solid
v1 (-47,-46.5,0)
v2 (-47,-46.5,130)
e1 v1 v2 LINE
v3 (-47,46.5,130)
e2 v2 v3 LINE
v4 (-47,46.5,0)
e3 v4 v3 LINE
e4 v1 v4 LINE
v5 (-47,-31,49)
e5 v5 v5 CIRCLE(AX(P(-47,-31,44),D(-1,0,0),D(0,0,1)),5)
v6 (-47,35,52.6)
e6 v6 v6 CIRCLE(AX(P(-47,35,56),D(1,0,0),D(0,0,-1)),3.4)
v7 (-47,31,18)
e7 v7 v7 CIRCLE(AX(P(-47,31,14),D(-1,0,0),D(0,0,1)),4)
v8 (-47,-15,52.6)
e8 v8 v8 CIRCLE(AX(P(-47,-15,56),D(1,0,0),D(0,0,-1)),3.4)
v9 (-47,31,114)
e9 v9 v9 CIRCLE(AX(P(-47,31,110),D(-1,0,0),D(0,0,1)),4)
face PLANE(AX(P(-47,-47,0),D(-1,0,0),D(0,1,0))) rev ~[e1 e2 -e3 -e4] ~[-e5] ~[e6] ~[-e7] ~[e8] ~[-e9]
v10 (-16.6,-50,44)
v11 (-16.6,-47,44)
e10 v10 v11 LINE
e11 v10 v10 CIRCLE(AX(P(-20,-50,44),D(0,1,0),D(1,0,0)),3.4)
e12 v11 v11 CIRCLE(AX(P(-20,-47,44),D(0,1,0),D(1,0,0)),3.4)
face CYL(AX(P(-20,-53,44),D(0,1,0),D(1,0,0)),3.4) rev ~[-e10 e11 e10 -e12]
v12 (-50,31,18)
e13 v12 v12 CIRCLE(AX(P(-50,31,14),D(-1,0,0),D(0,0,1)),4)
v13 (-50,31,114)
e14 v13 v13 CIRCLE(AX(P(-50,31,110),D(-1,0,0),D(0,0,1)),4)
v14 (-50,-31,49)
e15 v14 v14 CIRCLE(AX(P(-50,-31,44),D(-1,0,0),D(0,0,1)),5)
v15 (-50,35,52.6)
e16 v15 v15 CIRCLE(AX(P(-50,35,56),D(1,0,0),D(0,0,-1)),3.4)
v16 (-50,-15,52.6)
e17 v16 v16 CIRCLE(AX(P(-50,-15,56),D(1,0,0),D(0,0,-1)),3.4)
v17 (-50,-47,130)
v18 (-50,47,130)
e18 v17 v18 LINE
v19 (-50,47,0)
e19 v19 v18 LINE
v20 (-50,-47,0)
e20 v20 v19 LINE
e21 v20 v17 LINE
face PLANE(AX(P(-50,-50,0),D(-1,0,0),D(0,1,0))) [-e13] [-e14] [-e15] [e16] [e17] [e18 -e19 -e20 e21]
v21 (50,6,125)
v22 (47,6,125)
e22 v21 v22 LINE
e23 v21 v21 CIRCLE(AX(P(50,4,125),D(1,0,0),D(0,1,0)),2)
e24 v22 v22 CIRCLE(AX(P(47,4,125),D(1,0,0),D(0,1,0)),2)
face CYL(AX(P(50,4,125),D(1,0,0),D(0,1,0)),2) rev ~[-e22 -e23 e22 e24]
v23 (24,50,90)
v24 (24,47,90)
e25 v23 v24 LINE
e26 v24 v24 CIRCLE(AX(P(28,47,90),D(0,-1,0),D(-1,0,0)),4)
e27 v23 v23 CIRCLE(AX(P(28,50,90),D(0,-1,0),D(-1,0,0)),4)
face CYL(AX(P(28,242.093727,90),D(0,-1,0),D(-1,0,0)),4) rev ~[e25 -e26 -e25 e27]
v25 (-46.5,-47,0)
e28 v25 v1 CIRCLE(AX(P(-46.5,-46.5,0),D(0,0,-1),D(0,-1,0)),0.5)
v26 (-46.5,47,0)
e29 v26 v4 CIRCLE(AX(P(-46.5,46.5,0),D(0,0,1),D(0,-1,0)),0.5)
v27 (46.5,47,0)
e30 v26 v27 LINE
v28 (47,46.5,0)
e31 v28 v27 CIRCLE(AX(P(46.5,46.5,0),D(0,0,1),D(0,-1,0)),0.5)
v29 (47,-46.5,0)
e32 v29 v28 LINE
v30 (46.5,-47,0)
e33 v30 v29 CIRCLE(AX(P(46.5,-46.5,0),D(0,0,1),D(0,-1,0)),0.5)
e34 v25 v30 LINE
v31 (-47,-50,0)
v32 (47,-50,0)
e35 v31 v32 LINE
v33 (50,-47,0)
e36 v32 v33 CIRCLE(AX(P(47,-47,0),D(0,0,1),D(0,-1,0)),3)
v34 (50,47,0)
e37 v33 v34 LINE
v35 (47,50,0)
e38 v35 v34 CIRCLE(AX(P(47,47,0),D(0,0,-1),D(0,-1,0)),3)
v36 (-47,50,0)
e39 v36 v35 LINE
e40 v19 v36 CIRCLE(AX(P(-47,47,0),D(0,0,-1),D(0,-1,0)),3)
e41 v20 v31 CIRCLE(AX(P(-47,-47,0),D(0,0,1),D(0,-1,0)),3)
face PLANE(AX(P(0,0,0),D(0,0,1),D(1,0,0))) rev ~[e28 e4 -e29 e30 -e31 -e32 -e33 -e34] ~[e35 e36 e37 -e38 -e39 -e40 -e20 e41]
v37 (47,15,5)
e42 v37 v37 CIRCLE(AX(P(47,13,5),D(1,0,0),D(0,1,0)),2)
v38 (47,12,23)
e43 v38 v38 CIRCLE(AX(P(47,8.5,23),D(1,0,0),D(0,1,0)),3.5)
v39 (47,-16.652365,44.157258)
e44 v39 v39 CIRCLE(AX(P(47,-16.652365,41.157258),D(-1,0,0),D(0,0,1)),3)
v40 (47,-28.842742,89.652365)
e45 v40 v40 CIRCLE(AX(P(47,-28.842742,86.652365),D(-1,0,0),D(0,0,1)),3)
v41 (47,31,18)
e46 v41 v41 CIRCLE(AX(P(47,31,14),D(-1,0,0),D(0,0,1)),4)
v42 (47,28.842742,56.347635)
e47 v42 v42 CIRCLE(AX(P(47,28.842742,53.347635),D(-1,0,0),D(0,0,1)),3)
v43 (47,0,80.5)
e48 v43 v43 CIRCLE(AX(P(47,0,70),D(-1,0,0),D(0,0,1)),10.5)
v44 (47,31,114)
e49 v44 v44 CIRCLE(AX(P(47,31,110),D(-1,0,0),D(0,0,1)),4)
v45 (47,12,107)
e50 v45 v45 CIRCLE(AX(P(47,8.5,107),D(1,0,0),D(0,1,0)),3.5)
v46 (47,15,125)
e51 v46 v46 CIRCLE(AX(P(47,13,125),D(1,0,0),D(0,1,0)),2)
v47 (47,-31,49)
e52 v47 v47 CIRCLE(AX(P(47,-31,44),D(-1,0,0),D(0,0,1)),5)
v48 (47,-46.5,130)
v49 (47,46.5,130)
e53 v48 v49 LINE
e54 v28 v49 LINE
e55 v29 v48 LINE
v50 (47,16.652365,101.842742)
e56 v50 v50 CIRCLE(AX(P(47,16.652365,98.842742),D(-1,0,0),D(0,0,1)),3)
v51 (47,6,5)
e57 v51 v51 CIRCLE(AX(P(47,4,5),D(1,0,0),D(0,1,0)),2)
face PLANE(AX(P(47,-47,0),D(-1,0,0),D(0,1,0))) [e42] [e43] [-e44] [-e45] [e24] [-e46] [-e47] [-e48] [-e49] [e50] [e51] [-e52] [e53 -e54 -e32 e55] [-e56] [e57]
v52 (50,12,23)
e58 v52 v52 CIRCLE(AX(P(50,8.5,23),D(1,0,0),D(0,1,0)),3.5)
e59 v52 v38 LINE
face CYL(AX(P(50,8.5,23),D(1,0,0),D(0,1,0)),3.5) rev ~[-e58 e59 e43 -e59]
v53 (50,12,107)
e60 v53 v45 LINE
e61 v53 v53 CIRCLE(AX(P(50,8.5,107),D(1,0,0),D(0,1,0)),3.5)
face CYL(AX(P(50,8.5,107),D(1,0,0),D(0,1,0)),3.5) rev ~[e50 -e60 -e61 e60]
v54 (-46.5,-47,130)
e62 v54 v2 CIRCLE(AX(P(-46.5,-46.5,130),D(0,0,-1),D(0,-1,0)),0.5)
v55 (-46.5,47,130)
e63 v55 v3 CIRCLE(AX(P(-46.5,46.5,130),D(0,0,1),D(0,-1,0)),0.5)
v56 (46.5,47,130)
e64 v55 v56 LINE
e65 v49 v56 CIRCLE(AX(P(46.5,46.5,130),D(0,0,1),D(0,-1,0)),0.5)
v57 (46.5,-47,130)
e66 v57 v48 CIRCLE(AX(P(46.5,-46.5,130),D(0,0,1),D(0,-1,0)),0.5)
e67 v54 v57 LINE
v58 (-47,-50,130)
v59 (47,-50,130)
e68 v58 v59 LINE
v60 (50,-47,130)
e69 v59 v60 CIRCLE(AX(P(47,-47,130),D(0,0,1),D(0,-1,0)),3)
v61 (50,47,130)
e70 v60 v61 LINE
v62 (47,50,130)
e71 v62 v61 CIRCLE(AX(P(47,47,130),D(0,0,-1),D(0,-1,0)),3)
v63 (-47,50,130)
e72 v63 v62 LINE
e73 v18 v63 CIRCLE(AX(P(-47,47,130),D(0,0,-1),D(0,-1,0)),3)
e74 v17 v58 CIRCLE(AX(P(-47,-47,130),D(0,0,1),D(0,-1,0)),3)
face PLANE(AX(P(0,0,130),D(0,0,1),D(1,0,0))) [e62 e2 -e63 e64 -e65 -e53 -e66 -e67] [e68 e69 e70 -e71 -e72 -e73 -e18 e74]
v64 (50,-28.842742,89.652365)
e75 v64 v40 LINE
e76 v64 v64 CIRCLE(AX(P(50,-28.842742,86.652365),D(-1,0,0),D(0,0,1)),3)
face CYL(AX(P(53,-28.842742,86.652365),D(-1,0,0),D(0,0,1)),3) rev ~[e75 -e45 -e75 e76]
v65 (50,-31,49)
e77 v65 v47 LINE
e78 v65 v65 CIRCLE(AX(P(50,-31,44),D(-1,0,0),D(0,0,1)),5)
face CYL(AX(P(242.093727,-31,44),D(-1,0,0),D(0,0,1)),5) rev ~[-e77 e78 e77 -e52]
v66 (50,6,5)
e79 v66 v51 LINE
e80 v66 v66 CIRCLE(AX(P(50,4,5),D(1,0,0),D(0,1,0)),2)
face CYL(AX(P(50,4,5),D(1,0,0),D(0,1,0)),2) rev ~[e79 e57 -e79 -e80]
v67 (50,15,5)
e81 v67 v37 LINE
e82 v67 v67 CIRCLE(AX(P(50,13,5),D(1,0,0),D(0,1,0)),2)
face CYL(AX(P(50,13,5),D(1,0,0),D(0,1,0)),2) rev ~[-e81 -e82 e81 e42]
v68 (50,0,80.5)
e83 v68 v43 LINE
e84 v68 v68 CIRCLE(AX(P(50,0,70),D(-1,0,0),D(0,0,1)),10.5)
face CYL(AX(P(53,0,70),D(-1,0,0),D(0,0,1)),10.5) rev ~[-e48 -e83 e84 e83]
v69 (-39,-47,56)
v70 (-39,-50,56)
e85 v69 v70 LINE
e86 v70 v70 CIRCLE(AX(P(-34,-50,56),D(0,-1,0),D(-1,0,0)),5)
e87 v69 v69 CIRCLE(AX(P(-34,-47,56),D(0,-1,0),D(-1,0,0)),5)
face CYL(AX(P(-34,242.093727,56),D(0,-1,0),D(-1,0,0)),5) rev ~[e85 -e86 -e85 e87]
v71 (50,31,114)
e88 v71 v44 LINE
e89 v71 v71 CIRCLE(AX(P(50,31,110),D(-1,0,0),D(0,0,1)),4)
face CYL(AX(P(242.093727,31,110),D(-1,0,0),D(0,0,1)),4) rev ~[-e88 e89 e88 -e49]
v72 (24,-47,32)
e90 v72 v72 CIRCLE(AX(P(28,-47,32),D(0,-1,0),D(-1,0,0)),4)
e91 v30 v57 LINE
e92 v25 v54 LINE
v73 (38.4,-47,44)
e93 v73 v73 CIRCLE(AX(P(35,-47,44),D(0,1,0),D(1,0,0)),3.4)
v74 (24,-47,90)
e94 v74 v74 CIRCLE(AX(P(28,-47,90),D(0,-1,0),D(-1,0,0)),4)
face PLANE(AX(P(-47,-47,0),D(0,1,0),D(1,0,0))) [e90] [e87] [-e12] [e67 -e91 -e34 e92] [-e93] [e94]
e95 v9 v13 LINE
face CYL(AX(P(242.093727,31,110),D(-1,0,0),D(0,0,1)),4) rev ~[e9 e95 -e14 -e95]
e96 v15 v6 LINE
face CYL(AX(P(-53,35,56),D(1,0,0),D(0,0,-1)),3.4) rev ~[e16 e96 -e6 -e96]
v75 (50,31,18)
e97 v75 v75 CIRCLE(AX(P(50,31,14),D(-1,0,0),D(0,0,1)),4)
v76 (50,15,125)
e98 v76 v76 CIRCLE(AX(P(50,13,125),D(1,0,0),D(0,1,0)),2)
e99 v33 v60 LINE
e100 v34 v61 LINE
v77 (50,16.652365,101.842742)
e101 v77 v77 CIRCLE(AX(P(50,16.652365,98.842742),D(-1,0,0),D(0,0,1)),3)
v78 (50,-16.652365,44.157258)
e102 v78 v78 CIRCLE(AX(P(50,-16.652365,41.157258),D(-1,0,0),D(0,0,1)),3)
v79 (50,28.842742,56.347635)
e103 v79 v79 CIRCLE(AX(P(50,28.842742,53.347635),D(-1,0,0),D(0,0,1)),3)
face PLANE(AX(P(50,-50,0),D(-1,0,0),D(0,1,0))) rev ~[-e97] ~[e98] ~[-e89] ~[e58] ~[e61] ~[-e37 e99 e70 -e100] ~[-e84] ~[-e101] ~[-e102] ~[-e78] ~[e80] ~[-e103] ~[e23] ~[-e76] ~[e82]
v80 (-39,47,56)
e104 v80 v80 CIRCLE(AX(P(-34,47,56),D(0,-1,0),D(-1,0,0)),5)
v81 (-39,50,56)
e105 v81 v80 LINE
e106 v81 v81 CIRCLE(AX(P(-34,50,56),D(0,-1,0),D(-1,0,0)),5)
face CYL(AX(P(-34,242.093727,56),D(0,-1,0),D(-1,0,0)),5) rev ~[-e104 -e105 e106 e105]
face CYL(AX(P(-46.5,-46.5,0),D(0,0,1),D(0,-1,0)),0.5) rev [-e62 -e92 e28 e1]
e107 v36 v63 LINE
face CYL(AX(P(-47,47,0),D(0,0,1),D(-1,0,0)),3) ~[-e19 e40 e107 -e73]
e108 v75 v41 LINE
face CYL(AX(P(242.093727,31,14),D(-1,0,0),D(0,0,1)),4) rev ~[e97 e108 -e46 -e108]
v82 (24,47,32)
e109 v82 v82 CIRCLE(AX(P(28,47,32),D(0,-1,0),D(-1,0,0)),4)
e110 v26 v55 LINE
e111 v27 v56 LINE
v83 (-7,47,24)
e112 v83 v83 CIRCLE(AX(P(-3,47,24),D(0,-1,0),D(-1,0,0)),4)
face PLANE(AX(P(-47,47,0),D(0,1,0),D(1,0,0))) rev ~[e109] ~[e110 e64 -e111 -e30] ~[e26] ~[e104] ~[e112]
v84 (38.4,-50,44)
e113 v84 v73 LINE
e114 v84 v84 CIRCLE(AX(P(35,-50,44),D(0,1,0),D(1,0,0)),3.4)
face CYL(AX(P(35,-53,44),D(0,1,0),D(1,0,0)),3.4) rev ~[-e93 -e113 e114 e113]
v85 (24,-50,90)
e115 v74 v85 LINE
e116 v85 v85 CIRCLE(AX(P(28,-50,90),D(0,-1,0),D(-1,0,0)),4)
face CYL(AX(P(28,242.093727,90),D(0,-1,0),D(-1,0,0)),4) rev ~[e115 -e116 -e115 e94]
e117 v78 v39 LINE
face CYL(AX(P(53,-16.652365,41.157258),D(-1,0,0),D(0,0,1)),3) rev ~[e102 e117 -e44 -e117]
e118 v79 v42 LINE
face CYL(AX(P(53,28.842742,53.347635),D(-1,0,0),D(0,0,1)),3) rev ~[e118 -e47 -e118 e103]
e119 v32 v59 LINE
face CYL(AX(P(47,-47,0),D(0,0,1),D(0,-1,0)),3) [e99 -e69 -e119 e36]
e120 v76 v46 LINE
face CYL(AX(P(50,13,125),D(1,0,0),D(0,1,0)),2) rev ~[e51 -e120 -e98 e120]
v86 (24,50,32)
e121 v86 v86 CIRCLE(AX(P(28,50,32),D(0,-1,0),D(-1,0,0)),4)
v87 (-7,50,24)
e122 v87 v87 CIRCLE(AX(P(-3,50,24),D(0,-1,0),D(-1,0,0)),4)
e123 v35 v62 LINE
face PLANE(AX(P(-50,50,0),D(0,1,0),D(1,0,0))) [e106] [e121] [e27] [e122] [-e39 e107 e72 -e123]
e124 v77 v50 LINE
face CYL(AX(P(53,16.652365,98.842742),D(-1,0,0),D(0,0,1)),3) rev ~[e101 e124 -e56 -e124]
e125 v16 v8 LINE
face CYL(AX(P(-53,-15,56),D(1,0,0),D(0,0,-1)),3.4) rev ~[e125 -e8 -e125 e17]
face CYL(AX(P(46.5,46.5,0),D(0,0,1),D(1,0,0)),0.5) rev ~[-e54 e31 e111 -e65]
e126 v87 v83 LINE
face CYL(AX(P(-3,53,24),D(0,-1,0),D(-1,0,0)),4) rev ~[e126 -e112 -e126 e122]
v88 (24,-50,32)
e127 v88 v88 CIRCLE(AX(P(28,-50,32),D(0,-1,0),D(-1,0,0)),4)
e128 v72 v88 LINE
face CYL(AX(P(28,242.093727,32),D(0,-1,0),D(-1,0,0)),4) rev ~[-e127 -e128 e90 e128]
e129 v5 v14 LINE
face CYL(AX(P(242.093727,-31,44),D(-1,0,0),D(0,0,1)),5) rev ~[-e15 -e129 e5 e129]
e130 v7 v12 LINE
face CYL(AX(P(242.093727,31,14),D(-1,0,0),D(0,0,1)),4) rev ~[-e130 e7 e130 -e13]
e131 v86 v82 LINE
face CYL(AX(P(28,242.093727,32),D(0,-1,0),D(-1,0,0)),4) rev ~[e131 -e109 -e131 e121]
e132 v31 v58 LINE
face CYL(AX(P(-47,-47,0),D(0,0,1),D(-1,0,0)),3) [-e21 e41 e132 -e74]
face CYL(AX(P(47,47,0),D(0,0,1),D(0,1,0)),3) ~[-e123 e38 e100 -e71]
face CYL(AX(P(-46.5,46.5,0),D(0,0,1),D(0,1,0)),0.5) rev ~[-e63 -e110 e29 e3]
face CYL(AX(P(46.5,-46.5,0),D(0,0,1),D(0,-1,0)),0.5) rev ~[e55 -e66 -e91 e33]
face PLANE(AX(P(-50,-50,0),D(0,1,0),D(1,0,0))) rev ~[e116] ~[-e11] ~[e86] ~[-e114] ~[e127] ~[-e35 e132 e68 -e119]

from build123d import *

# Parameters (mm, degrees)
SKETCH1_W                      = 100
SKETCH1_H                      = 100
SKETCH1_W_2                    = 94
SKETCH1_H_2                    = 94
EXTRUDE_THIN1_DEPTH            = 130
FILLET1_R                      = 0.5
FILLET2_R                      = 3
F_8_0_8_DIAMETER_HOLE2_D       = 8
F_8_0_8_DIAMETER_HOLE3_D       = 8
F_10_0_10_DIAMETER_HOLE1_D     = 10
F_10_0_10_DIAMETER_HOLE2_D     = 10
M8X1_25_TAPPED_HOLE1_D         = 6.8
M8X1_25_TAPPED_HOLE1_DEPTH     = 3
M8X1_25_TAPPED_HOLE2_D         = 6.8
M8X1_25_TAPPED_HOLE2_DEPTH     = 3
F_21_0_21_DIAMETER_HOLE1_D     = 21
F_21_0_21_DIAMETER_HOLE1_DEPTH = 3
F_6_0_6_DIAMETER_HOLE1_D       = 6
F_6_0_6_DIAMETER_HOLE1_DEPTH   = 3
F_8_0_8_DIAMETER_HOLE4_D       = 8
F_8_0_8_DIAMETER_HOLE4_DEPTH   = 3
CUT_EXTRUDE1_REACH             = 173.464
SKETCH31_R                     = 2
SKETCH31_R_2                   = 3.5


with BuildPart() as part:
    # Sketch1 → Extrude-Thin1 (new body)
    with BuildSketch(Plane.XY):
        Rectangle(SKETCH1_W, SKETCH1_H)
        Rectangle(SKETCH1_W_2, SKETCH1_H_2, mode=Mode.SUBTRACT)
    extrude(amount=EXTRUDE_THIN1_DEPTH)

    # Fillet1
    fillet1_edges = [part.edges().sort_by_distance(p)[0] for p in [
        (47, -47, 65),
        (47, 47, 65),
        (-47, 47, 65),
        (-47, -47, 65),
    ]]
    fillet(fillet1_edges, radius=FILLET1_R)

    # Fillet2
    fillet2_edges = [part.edges().sort_by_distance(p)[0] for p in [
        (50, -50, 65),
        (-50, -50, 65),
        (-50, 50, 65),
        (50, 50, 65),
    ]]
    fillet(fillet2_edges, radius=FILLET2_R)

    # Ø8.0 (8) Diameter Hole2 (through all)
    with Locations(Plane(origin=(0, 50, 0), x_dir=(1, 0, 0), z_dir=(0, 1, 0))):
        with Locations((28, -32), (28, -90)):
            Hole(F_8_0_8_DIAMETER_HOLE2_D / 2)

    # Ø8.0 (8) Diameter Hole3 (through all)
    with Locations(Plane(origin=(50, 0, 0), x_dir=(0, 0, -1), z_dir=(1, 0, 0))):
        with Locations((-14, 31), (-110, 31)):
            Hole(F_8_0_8_DIAMETER_HOLE3_D / 2)

    # Ø10.0 (10) Diameter Hole1 (through all)
    with Locations(Plane(origin=(0, 50, 0), x_dir=(1, 0, 0), z_dir=(0, 1, 0))):
        with Locations((-34, -56)):
            Hole(F_10_0_10_DIAMETER_HOLE1_D / 2)

    # Ø10.0 (10) Diameter Hole2 (through all)
    with Locations(Plane(origin=(50, 0, 0), x_dir=(0, 0, -1), z_dir=(1, 0, 0))):
        with Locations((-44, -31)):
            Hole(F_10_0_10_DIAMETER_HOLE2_D / 2)

    # M8x1.25 Tapped Hole1
    with Locations(Plane.ZY.offset(50)):
        with Locations((56, -15), (56, 35)):
            Hole(M8X1_25_TAPPED_HOLE1_D / 2, depth=M8X1_25_TAPPED_HOLE1_DEPTH)

    # M8x1.25 Tapped Hole2
    with Locations(Plane(origin=(0, -50, 0), x_dir=(-1, 0, 0), z_dir=(0, -1, 0))):
        with Locations((20, -44), (-35, -44)):
            Hole(M8X1_25_TAPPED_HOLE2_D / 2, depth=M8X1_25_TAPPED_HOLE2_DEPTH)

    # Ø21.0 (21) Diameter Hole1
    with Locations(Plane(origin=(50, 0, 0), x_dir=(0, 0, -1), z_dir=(1, 0, 0))):
        with Locations((-70, 0)):
            Hole(F_21_0_21_DIAMETER_HOLE1_D / 2, depth=F_21_0_21_DIAMETER_HOLE1_DEPTH)

    # Ø6.0 (6) Diameter Hole1
    with Locations(Plane(origin=(50, 0, 0), x_dir=(0, 0, -1), z_dir=(1, 0, 0))):
        with Locations((-41.157258279, -16.652364697), (-53.347635303, 28.842741721), (-98.842741721, 16.652364697), (-86.652364697, -28.842741721)):
            Hole(F_6_0_6_DIAMETER_HOLE1_D / 2, depth=F_6_0_6_DIAMETER_HOLE1_DEPTH)

    # Ø8.0 (8) Diameter Hole4
    with Locations(Plane(origin=(0, 50, 0), x_dir=(1, 0, 0), z_dir=(0, 1, 0))):
        with Locations((-3, -24)):
            Hole(F_8_0_8_DIAMETER_HOLE4_D / 2, depth=F_8_0_8_DIAMETER_HOLE4_DEPTH)

    # Sketch31 → Cut-Extrude1 (cut, up to next)
    with BuildSketch(Plane(origin=(50, 0, 0), x_dir=(0, 0, -1), z_dir=(1, 0, 0)), mode=Mode.PRIVATE) as cut_extrude1_sk1:
        with Locations(Location((-5, 4, 0), (0, 0, 90))):
            Circle(SKETCH31_R)
    cut_extrude1_tool1 = extrude(cut_extrude1_sk1.sketch, amount=-CUT_EXTRUDE1_REACH, mode=Mode.PRIVATE) & part.part
    # Sketch31 → Cut-Extrude1 (cut, up to next)
    with BuildSketch(Plane(origin=(50, 0, 0), x_dir=(0, 0, -1), z_dir=(1, 0, 0)), mode=Mode.PRIVATE) as cut_extrude1_sk2:
        with Locations(Location((-5, 13, 0), (0, 0, 90))):
            Circle(SKETCH31_R)
    cut_extrude1_tool2 = extrude(cut_extrude1_sk2.sketch, amount=-CUT_EXTRUDE1_REACH, mode=Mode.PRIVATE) & part.part
    # Sketch31 → Cut-Extrude1 (cut, up to next)
    with BuildSketch(Plane(origin=(50, 0, 0), x_dir=(0, 0, -1), z_dir=(1, 0, 0)), mode=Mode.PRIVATE) as cut_extrude1_sk3:
        with Locations(Location((-125, 13, 0), (0, 0, 90))):
            Circle(SKETCH31_R)
    cut_extrude1_tool3 = extrude(cut_extrude1_sk3.sketch, amount=-CUT_EXTRUDE1_REACH, mode=Mode.PRIVATE) & part.part
    # Sketch31 → Cut-Extrude1 (cut, up to next)
    with BuildSketch(Plane(origin=(50, 0, 0), x_dir=(0, 0, -1), z_dir=(1, 0, 0)), mode=Mode.PRIVATE) as cut_extrude1_sk4:
        with Locations(Location((-125, 4, 0), (0, 0, 90))):
            Circle(SKETCH31_R)
    cut_extrude1_tool4 = extrude(cut_extrude1_sk4.sketch, amount=-CUT_EXTRUDE1_REACH, mode=Mode.PRIVATE) & part.part
    # Sketch31 → Cut-Extrude1 (cut, up to next)
    with BuildSketch(Plane(origin=(50, 0, 0), x_dir=(0, 0, -1), z_dir=(1, 0, 0)), mode=Mode.PRIVATE) as cut_extrude1_sk5:
        with Locations(Location((-23, 8.5, 0), (0, 0, 90))):
            Circle(SKETCH31_R_2)
    cut_extrude1_tool5 = extrude(cut_extrude1_sk5.sketch, amount=-CUT_EXTRUDE1_REACH, mode=Mode.PRIVATE) & part.part
    # Sketch31 → Cut-Extrude1 (cut, up to next)
    with BuildSketch(Plane(origin=(50, 0, 0), x_dir=(0, 0, -1), z_dir=(1, 0, 0)), mode=Mode.PRIVATE) as cut_extrude1_sk6:
        with Locations(Location((-107, 8.5, 0), (0, 0, 90))):
            Circle(SKETCH31_R_2)
    cut_extrude1_tool6 = extrude(cut_extrude1_sk6.sketch, amount=-CUT_EXTRUDE1_REACH, mode=Mode.PRIVATE) & part.part
    add(cut_extrude1_tool1.solids().sort_by_distance((50, 4, 5))[0], mode=Mode.SUBTRACT)
    add(cut_extrude1_tool2.solids().sort_by_distance((50, 13, 5))[0], mode=Mode.SUBTRACT)
    add(cut_extrude1_tool3.solids().sort_by_distance((50, 13, 125))[0], mode=Mode.SUBTRACT)
    add(cut_extrude1_tool4.solids().sort_by_distance((50, 4, 125))[0], mode=Mode.SUBTRACT)
    add(cut_extrude1_tool5.solids().sort_by_distance((50, 8.5, 23))[0], mode=Mode.SUBTRACT)
    add(cut_extrude1_tool6.solids().sort_by_distance((50, 8.5, 107))[0], mode=Mode.SUBTRACT)


solid = part.part
